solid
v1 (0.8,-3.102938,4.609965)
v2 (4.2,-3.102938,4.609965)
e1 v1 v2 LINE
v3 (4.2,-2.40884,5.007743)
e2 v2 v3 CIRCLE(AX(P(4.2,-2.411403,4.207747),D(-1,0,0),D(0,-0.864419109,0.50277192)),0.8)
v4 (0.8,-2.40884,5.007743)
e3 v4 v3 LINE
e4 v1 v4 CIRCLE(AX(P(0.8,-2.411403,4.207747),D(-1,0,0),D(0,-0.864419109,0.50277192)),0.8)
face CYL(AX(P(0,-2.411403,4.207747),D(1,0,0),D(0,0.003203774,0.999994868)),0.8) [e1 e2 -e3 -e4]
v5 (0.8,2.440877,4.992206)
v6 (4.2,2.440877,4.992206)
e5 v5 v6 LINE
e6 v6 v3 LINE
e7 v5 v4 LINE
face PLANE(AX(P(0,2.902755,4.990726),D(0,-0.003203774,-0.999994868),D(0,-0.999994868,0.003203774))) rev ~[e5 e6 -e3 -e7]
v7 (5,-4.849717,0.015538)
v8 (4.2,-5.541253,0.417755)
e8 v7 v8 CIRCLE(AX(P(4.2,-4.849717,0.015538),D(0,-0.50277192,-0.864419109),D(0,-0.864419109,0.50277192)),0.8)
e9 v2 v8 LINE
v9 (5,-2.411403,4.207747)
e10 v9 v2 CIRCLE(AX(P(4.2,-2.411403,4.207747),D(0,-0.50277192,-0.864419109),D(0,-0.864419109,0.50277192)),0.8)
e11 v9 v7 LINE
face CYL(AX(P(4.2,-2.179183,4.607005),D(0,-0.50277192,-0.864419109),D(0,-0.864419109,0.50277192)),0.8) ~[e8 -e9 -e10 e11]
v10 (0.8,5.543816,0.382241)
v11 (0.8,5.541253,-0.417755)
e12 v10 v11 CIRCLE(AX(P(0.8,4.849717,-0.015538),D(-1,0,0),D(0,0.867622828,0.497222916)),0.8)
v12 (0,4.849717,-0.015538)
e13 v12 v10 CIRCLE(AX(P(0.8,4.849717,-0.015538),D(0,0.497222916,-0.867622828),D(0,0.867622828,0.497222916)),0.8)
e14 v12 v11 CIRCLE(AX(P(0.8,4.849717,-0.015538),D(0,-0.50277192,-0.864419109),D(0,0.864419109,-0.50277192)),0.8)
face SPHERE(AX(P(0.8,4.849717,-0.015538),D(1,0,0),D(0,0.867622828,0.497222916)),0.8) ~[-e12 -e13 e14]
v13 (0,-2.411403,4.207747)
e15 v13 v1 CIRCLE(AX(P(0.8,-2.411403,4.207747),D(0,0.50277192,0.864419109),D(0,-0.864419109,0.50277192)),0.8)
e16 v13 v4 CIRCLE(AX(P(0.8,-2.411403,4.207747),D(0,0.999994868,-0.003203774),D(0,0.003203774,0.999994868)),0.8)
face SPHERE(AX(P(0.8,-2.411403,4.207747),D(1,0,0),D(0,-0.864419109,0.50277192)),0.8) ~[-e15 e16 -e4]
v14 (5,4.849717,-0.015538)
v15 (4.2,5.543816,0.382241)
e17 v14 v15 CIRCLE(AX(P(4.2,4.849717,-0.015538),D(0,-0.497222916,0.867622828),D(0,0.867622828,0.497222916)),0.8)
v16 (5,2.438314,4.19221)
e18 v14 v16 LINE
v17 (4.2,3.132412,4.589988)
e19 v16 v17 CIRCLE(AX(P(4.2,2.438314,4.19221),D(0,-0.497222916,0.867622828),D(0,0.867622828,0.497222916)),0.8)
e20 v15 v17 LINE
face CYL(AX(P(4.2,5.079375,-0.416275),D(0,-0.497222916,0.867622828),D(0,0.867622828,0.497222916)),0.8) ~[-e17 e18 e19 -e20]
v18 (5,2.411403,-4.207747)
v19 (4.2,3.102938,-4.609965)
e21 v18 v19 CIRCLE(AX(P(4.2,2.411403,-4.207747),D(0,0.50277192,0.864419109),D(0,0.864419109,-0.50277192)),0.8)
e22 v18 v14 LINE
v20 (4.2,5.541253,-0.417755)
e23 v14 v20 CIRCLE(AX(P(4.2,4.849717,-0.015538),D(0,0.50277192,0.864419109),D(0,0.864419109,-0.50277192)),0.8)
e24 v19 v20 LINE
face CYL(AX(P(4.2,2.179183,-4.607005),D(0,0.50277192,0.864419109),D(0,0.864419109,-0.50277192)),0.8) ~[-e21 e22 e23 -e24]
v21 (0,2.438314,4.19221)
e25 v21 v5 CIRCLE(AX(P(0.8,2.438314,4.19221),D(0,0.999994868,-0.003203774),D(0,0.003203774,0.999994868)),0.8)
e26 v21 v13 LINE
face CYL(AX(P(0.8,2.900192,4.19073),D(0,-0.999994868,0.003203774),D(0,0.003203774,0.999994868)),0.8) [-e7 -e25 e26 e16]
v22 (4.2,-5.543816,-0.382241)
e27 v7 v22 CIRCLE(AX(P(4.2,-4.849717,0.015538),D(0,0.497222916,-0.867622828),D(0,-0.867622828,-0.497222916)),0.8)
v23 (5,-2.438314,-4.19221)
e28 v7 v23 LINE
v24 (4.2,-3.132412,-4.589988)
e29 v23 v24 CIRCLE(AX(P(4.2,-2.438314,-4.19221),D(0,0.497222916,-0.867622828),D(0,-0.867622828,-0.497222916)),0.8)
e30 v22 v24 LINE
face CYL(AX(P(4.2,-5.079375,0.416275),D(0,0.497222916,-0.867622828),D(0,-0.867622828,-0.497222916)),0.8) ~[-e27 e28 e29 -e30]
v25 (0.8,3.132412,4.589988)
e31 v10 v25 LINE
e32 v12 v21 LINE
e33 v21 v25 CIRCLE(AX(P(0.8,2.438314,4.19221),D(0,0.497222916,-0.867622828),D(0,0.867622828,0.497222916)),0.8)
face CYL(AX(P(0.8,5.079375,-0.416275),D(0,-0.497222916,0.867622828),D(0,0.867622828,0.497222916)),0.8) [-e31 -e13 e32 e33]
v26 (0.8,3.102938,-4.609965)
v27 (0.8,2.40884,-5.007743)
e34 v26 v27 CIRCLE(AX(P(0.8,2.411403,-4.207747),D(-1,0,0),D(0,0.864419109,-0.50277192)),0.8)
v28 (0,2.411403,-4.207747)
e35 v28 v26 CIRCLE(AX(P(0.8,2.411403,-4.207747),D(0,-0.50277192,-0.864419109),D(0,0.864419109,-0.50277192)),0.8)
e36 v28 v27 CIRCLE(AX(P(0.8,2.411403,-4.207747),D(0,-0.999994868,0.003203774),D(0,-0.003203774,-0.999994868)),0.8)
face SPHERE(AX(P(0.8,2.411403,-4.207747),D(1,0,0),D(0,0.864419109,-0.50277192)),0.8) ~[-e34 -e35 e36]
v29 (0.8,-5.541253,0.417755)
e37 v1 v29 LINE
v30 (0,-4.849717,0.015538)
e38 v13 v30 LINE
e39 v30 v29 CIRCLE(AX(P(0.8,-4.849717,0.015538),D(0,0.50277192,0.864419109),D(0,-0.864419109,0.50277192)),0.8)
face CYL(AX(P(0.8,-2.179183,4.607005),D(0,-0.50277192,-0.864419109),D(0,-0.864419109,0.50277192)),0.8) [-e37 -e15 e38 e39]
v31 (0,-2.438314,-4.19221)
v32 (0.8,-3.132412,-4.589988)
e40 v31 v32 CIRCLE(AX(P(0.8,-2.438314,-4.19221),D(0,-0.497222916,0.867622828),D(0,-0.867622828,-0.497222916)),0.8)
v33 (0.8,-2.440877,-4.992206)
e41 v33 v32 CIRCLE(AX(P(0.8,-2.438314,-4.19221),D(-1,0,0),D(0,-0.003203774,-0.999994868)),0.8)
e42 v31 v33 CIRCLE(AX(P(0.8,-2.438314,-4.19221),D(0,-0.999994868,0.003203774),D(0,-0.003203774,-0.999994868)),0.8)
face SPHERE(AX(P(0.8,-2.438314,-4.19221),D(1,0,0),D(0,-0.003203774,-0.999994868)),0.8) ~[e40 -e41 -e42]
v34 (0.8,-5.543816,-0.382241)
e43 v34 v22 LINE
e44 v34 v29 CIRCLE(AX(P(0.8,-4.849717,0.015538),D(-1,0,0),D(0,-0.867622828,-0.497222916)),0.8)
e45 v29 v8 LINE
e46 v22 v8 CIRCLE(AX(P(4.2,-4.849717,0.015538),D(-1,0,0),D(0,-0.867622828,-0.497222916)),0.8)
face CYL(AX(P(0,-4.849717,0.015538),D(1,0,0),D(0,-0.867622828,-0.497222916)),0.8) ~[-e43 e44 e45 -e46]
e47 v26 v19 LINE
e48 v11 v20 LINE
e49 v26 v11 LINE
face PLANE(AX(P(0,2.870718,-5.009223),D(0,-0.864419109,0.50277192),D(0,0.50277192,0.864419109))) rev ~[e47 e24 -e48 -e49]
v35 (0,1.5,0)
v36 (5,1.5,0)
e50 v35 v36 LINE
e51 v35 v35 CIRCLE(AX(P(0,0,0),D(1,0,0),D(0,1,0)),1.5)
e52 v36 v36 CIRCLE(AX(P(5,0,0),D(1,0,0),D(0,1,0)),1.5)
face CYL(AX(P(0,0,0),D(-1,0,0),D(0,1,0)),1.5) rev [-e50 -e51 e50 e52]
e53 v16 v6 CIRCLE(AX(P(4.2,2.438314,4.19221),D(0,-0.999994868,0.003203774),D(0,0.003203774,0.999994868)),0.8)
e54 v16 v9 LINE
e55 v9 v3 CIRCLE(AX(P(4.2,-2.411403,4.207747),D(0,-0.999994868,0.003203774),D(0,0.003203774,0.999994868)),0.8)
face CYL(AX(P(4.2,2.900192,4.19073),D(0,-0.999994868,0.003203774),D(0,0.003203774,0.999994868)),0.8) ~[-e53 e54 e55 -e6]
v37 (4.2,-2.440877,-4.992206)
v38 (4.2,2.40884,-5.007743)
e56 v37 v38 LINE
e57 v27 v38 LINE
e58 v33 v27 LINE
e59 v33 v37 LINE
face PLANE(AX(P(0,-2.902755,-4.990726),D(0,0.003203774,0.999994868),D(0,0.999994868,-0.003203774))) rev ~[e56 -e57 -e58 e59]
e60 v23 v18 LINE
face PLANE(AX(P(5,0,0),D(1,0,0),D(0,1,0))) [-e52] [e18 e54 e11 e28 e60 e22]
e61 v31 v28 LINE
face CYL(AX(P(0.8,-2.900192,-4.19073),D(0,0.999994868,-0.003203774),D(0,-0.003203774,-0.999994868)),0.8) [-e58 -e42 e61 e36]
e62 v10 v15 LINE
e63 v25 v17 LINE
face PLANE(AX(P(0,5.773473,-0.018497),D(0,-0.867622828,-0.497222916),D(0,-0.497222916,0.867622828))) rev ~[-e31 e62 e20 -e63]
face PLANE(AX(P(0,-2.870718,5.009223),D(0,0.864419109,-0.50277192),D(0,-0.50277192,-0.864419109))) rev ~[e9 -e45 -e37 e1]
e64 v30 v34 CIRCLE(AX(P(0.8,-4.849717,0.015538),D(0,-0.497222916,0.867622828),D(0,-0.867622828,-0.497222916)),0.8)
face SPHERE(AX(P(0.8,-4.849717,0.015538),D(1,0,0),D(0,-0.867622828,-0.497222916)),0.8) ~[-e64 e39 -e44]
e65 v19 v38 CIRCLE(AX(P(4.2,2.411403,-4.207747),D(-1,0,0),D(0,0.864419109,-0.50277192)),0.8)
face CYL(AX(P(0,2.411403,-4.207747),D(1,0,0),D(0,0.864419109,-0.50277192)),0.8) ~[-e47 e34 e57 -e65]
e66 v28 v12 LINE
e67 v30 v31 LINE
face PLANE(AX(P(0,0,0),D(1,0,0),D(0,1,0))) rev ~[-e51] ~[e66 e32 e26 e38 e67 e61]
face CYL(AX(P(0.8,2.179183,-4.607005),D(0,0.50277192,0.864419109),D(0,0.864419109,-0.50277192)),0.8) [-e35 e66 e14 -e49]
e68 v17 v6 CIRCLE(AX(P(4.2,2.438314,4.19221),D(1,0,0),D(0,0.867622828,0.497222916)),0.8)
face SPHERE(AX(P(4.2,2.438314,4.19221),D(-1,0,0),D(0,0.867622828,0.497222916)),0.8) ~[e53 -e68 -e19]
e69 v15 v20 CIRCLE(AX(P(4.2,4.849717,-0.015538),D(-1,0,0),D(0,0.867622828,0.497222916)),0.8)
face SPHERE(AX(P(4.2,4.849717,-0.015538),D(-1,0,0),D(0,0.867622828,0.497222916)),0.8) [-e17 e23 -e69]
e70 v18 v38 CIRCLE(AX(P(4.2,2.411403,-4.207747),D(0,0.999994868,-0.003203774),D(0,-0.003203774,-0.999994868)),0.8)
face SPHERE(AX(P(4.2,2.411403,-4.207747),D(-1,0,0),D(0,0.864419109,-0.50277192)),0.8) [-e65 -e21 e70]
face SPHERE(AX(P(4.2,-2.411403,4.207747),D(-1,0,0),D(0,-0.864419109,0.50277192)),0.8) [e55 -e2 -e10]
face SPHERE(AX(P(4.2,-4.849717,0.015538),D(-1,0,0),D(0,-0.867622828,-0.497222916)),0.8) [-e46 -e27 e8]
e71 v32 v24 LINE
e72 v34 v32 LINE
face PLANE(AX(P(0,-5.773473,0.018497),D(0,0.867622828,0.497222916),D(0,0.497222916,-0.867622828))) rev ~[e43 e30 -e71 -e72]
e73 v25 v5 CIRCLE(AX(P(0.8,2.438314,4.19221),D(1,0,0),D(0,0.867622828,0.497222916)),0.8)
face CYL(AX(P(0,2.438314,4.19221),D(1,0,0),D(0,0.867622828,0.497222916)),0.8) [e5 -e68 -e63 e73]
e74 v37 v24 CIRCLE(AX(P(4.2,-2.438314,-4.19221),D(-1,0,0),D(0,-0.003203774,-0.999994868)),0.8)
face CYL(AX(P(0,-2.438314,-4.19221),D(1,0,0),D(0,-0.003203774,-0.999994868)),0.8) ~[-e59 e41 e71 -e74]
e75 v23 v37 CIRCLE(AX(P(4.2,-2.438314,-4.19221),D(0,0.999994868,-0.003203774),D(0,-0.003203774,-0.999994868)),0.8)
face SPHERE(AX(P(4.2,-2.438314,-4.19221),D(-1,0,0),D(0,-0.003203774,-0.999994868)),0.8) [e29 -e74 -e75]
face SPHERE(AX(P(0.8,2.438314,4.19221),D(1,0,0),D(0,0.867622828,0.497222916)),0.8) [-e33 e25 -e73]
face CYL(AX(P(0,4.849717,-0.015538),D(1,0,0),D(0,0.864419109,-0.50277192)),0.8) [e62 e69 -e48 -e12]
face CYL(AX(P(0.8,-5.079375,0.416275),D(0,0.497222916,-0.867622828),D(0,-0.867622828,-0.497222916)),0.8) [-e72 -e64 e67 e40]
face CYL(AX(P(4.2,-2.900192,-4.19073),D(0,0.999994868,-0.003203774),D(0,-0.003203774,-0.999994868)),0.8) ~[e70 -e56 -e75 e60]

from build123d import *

# Parameters (mm, degrees)
F0_R     = 1.5
F1_DEPTH = 5
F2_R     = 0.8


with BuildPart() as f1:
    # F0 (on Right) → F1 (new body)
    with BuildSketch(Plane.YZ):
        Polygon((2.870718, -5.009223), (5.773473, -0.018497), (2.902755, 4.990726), (-2.870718, 5.009223), (-5.773473, 0.018497), (-2.902755, -4.990726), align=None)
        Circle(F0_R, mode=Mode.SUBTRACT)
    extrude(amount=F1_DEPTH)

    # F2
    f2_edges = [f1.edges().sort_by_distance(p)[0] for p in [
        (2.5, -2.870718, 5.009223),
        (2.5, 2.902755, 4.990726),
        (2.5, -5.773473, 0.018497),
        (2.5, -2.902755, -4.990726),
        (2.5, 2.870718, -5.009223),
        (2.5, 5.773473, -0.018497),
        (5, 4.338114, 2.486115),
        (0, 4.338114, 2.486115),
        (5, 4.322096, -2.51386),
        (0, 4.322096, -2.51386),
        (5, -0.016019, -4.999974),
        (0, -0.016019, -4.999974),
        (5, -4.338114, -2.486115),
        (0, -4.338114, -2.486115),
        (5, -4.322096, 2.51386),
        (0, -4.322096, 2.51386),
        (0, 0.016019, 4.999974),
        (5, 0.016019, 4.999974),
    ]]
    fillet(f2_edges, radius=F2_R)


solid = f1.part
